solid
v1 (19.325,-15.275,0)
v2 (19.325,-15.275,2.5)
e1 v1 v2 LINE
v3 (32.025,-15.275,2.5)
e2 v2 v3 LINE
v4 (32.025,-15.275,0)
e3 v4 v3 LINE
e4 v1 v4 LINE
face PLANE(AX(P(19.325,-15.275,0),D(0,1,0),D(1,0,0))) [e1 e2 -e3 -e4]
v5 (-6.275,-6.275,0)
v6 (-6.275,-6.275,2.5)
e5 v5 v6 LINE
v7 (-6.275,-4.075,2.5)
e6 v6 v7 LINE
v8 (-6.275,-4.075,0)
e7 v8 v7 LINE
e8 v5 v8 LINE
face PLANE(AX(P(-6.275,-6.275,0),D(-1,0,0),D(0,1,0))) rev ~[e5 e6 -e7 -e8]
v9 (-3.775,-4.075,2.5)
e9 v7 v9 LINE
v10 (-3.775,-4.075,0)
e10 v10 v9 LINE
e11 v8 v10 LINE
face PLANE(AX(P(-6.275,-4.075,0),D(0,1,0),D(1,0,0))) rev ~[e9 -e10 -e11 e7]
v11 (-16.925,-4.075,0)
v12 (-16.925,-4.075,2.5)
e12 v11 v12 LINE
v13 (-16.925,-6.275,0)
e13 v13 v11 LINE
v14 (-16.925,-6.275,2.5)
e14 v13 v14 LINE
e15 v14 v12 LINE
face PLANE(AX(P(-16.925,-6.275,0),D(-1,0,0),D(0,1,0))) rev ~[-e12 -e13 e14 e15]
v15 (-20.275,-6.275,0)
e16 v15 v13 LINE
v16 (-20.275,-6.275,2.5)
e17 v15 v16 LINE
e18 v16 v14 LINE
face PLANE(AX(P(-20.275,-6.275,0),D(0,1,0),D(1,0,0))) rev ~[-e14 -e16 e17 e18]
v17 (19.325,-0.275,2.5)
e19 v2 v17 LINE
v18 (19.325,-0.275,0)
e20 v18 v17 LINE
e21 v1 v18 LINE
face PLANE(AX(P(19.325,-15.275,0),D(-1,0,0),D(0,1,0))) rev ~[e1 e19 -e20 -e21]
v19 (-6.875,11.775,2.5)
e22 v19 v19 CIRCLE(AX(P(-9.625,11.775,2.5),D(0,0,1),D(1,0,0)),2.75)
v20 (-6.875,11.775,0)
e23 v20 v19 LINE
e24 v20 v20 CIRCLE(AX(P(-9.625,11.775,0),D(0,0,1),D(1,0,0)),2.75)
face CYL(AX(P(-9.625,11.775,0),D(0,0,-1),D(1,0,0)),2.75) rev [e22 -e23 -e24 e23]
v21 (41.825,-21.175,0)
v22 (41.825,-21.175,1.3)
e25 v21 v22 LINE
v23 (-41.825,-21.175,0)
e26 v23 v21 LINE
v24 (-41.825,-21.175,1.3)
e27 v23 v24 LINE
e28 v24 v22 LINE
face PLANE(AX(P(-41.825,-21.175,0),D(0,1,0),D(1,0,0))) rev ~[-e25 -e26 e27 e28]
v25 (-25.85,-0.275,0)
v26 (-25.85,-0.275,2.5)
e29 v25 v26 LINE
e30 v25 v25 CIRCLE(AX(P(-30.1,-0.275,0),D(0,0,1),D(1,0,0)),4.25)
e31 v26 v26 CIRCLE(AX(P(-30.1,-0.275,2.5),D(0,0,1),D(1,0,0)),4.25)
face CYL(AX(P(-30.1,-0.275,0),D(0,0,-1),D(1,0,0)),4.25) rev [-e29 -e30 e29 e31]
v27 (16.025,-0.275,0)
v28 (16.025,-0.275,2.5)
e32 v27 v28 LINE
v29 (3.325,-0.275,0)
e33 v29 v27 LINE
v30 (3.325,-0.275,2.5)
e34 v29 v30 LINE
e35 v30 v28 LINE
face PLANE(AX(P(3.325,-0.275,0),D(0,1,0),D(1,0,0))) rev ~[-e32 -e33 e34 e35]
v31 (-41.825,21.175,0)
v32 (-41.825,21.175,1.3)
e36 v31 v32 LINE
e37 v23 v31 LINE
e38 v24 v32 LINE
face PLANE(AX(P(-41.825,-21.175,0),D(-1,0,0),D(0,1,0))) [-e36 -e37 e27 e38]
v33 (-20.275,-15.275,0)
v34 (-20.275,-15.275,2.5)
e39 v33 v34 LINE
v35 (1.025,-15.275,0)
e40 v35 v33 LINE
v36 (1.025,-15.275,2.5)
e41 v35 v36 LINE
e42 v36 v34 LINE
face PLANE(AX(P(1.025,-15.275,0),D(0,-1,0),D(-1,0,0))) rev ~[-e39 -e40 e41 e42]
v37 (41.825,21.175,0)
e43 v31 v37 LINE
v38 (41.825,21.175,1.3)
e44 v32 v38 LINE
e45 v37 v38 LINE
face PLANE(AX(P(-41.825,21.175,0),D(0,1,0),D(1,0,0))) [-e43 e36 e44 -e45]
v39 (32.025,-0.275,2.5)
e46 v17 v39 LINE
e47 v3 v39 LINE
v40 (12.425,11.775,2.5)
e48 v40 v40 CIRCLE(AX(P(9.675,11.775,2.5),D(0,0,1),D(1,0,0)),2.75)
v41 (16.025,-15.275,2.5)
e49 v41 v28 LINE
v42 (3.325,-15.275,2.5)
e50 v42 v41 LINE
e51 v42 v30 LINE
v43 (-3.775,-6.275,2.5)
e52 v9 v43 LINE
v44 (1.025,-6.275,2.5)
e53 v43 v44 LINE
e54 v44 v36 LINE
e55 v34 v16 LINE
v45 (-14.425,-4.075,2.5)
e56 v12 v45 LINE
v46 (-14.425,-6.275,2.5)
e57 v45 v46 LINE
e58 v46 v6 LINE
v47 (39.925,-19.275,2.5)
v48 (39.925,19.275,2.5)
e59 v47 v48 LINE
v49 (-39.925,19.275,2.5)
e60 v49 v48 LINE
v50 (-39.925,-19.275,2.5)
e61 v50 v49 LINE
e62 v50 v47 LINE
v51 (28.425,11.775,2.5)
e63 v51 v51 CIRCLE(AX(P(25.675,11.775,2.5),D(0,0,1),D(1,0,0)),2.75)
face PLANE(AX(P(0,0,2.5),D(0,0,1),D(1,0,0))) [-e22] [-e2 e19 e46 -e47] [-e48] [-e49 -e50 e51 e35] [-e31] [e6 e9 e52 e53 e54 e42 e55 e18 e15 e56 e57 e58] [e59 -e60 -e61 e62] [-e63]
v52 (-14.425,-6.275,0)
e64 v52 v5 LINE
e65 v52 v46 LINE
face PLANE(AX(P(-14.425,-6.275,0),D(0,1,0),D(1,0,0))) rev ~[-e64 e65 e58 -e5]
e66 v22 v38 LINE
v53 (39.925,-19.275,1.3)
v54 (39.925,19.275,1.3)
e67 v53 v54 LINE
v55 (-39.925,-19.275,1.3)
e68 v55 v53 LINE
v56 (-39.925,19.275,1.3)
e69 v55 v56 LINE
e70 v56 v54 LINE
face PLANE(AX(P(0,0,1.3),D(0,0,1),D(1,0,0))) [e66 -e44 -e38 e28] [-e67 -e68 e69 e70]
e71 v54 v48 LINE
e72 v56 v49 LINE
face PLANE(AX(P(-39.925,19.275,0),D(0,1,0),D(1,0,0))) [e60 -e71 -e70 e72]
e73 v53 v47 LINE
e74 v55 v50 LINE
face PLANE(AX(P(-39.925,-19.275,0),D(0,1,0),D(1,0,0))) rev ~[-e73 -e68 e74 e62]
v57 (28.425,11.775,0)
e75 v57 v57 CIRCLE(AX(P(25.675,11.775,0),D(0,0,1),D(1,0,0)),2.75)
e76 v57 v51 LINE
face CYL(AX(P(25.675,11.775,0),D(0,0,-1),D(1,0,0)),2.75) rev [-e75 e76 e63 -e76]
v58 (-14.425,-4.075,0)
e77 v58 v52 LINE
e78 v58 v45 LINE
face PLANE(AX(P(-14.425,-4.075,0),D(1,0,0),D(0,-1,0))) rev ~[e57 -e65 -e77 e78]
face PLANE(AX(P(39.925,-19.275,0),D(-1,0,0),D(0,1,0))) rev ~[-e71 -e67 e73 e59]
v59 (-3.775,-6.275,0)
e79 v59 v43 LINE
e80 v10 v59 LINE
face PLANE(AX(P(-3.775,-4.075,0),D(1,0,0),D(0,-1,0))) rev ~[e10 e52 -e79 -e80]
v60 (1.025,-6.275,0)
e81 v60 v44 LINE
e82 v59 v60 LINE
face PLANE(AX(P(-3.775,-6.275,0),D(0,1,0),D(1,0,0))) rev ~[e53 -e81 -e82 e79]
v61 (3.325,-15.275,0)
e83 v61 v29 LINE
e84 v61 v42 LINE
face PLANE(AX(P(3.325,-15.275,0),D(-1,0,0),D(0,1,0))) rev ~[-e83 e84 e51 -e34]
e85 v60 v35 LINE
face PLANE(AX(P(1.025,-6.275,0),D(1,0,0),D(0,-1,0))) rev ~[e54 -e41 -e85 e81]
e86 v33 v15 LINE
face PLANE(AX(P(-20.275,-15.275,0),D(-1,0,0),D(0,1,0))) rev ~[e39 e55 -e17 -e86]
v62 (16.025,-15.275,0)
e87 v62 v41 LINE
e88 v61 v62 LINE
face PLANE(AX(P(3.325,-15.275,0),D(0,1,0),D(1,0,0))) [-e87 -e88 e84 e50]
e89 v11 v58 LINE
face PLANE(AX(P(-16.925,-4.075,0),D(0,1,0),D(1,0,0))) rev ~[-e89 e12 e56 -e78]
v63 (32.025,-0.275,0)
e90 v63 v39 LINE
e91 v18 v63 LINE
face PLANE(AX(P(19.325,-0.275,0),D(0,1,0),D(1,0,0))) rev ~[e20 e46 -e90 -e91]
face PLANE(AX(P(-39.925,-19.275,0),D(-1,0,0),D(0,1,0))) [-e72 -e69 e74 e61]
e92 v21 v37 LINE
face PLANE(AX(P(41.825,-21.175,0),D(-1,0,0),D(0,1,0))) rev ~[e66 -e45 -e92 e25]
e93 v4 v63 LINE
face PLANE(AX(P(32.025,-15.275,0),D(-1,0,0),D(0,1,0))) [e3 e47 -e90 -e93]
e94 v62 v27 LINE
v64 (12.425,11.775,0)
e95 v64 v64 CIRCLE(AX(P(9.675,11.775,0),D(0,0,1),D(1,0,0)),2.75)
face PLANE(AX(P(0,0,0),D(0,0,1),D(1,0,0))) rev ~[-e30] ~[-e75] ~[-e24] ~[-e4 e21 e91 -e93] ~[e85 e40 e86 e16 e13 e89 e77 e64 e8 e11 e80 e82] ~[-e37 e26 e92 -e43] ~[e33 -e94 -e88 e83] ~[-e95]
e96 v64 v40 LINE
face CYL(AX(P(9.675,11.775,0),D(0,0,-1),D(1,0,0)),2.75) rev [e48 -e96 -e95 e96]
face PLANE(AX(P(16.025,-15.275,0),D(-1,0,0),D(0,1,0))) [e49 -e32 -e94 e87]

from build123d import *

# Parameters (mm, degrees)
F0_W     = 79.85
F0_H     = 38.55
F0_R     = 4.25
F0_W_2   = 12.7
F0_H_2   = 15
F0_R_2   = 2.75
F1_DEPTH = 2.5
F0_W_3   = 83.65
F0_H_3   = 42.35
F2_DEPTH = 1.3


with BuildPart() as f1:
    # F0 (on Top) → F1 (new body)
    with BuildSketch(Plane.XY):
        Rectangle(F0_W, F0_H)
        with Locations((-30.1, -0.275)):
            Circle(F0_R, mode=Mode.SUBTRACT)
        Polygon((1.025, -6.275), (1.025, -15.275), (-20.275, -15.275), (-20.275, -6.275), (-16.925, -6.275), (-16.925, -4.075), (-14.425, -4.075), (-14.425, -6.275), (-6.275, -6.275), (-6.275, -4.075), (-3.775, -4.075), (-3.775, -6.275), align=None, mode=Mode.SUBTRACT)
        with Locations((9.675, -7.775)):
            Rectangle(F0_W_2, F0_H_2, mode=Mode.SUBTRACT)
        with Locations((25.675, -7.775)):
            Rectangle(F0_W_2, F0_H_2, mode=Mode.SUBTRACT)
        with Locations((-9.625, 11.775)):
            Circle(F0_R_2, mode=Mode.SUBTRACT)
        with Locations((9.675, 11.775)):
            Circle(F0_R_2, mode=Mode.SUBTRACT)
        with Locations((25.675, 11.775)):
            Circle(F0_R_2, mode=Mode.SUBTRACT)
    extrude(amount=F1_DEPTH)

    # F0 (on Top) → F2 (join)
    with BuildSketch(Plane.XY):
        Rectangle(F0_W_3, F0_H_3)
        Rectangle(F0_W, F0_H, mode=Mode.SUBTRACT)
    extrude(amount=F2_DEPTH)


solid = f1.part
